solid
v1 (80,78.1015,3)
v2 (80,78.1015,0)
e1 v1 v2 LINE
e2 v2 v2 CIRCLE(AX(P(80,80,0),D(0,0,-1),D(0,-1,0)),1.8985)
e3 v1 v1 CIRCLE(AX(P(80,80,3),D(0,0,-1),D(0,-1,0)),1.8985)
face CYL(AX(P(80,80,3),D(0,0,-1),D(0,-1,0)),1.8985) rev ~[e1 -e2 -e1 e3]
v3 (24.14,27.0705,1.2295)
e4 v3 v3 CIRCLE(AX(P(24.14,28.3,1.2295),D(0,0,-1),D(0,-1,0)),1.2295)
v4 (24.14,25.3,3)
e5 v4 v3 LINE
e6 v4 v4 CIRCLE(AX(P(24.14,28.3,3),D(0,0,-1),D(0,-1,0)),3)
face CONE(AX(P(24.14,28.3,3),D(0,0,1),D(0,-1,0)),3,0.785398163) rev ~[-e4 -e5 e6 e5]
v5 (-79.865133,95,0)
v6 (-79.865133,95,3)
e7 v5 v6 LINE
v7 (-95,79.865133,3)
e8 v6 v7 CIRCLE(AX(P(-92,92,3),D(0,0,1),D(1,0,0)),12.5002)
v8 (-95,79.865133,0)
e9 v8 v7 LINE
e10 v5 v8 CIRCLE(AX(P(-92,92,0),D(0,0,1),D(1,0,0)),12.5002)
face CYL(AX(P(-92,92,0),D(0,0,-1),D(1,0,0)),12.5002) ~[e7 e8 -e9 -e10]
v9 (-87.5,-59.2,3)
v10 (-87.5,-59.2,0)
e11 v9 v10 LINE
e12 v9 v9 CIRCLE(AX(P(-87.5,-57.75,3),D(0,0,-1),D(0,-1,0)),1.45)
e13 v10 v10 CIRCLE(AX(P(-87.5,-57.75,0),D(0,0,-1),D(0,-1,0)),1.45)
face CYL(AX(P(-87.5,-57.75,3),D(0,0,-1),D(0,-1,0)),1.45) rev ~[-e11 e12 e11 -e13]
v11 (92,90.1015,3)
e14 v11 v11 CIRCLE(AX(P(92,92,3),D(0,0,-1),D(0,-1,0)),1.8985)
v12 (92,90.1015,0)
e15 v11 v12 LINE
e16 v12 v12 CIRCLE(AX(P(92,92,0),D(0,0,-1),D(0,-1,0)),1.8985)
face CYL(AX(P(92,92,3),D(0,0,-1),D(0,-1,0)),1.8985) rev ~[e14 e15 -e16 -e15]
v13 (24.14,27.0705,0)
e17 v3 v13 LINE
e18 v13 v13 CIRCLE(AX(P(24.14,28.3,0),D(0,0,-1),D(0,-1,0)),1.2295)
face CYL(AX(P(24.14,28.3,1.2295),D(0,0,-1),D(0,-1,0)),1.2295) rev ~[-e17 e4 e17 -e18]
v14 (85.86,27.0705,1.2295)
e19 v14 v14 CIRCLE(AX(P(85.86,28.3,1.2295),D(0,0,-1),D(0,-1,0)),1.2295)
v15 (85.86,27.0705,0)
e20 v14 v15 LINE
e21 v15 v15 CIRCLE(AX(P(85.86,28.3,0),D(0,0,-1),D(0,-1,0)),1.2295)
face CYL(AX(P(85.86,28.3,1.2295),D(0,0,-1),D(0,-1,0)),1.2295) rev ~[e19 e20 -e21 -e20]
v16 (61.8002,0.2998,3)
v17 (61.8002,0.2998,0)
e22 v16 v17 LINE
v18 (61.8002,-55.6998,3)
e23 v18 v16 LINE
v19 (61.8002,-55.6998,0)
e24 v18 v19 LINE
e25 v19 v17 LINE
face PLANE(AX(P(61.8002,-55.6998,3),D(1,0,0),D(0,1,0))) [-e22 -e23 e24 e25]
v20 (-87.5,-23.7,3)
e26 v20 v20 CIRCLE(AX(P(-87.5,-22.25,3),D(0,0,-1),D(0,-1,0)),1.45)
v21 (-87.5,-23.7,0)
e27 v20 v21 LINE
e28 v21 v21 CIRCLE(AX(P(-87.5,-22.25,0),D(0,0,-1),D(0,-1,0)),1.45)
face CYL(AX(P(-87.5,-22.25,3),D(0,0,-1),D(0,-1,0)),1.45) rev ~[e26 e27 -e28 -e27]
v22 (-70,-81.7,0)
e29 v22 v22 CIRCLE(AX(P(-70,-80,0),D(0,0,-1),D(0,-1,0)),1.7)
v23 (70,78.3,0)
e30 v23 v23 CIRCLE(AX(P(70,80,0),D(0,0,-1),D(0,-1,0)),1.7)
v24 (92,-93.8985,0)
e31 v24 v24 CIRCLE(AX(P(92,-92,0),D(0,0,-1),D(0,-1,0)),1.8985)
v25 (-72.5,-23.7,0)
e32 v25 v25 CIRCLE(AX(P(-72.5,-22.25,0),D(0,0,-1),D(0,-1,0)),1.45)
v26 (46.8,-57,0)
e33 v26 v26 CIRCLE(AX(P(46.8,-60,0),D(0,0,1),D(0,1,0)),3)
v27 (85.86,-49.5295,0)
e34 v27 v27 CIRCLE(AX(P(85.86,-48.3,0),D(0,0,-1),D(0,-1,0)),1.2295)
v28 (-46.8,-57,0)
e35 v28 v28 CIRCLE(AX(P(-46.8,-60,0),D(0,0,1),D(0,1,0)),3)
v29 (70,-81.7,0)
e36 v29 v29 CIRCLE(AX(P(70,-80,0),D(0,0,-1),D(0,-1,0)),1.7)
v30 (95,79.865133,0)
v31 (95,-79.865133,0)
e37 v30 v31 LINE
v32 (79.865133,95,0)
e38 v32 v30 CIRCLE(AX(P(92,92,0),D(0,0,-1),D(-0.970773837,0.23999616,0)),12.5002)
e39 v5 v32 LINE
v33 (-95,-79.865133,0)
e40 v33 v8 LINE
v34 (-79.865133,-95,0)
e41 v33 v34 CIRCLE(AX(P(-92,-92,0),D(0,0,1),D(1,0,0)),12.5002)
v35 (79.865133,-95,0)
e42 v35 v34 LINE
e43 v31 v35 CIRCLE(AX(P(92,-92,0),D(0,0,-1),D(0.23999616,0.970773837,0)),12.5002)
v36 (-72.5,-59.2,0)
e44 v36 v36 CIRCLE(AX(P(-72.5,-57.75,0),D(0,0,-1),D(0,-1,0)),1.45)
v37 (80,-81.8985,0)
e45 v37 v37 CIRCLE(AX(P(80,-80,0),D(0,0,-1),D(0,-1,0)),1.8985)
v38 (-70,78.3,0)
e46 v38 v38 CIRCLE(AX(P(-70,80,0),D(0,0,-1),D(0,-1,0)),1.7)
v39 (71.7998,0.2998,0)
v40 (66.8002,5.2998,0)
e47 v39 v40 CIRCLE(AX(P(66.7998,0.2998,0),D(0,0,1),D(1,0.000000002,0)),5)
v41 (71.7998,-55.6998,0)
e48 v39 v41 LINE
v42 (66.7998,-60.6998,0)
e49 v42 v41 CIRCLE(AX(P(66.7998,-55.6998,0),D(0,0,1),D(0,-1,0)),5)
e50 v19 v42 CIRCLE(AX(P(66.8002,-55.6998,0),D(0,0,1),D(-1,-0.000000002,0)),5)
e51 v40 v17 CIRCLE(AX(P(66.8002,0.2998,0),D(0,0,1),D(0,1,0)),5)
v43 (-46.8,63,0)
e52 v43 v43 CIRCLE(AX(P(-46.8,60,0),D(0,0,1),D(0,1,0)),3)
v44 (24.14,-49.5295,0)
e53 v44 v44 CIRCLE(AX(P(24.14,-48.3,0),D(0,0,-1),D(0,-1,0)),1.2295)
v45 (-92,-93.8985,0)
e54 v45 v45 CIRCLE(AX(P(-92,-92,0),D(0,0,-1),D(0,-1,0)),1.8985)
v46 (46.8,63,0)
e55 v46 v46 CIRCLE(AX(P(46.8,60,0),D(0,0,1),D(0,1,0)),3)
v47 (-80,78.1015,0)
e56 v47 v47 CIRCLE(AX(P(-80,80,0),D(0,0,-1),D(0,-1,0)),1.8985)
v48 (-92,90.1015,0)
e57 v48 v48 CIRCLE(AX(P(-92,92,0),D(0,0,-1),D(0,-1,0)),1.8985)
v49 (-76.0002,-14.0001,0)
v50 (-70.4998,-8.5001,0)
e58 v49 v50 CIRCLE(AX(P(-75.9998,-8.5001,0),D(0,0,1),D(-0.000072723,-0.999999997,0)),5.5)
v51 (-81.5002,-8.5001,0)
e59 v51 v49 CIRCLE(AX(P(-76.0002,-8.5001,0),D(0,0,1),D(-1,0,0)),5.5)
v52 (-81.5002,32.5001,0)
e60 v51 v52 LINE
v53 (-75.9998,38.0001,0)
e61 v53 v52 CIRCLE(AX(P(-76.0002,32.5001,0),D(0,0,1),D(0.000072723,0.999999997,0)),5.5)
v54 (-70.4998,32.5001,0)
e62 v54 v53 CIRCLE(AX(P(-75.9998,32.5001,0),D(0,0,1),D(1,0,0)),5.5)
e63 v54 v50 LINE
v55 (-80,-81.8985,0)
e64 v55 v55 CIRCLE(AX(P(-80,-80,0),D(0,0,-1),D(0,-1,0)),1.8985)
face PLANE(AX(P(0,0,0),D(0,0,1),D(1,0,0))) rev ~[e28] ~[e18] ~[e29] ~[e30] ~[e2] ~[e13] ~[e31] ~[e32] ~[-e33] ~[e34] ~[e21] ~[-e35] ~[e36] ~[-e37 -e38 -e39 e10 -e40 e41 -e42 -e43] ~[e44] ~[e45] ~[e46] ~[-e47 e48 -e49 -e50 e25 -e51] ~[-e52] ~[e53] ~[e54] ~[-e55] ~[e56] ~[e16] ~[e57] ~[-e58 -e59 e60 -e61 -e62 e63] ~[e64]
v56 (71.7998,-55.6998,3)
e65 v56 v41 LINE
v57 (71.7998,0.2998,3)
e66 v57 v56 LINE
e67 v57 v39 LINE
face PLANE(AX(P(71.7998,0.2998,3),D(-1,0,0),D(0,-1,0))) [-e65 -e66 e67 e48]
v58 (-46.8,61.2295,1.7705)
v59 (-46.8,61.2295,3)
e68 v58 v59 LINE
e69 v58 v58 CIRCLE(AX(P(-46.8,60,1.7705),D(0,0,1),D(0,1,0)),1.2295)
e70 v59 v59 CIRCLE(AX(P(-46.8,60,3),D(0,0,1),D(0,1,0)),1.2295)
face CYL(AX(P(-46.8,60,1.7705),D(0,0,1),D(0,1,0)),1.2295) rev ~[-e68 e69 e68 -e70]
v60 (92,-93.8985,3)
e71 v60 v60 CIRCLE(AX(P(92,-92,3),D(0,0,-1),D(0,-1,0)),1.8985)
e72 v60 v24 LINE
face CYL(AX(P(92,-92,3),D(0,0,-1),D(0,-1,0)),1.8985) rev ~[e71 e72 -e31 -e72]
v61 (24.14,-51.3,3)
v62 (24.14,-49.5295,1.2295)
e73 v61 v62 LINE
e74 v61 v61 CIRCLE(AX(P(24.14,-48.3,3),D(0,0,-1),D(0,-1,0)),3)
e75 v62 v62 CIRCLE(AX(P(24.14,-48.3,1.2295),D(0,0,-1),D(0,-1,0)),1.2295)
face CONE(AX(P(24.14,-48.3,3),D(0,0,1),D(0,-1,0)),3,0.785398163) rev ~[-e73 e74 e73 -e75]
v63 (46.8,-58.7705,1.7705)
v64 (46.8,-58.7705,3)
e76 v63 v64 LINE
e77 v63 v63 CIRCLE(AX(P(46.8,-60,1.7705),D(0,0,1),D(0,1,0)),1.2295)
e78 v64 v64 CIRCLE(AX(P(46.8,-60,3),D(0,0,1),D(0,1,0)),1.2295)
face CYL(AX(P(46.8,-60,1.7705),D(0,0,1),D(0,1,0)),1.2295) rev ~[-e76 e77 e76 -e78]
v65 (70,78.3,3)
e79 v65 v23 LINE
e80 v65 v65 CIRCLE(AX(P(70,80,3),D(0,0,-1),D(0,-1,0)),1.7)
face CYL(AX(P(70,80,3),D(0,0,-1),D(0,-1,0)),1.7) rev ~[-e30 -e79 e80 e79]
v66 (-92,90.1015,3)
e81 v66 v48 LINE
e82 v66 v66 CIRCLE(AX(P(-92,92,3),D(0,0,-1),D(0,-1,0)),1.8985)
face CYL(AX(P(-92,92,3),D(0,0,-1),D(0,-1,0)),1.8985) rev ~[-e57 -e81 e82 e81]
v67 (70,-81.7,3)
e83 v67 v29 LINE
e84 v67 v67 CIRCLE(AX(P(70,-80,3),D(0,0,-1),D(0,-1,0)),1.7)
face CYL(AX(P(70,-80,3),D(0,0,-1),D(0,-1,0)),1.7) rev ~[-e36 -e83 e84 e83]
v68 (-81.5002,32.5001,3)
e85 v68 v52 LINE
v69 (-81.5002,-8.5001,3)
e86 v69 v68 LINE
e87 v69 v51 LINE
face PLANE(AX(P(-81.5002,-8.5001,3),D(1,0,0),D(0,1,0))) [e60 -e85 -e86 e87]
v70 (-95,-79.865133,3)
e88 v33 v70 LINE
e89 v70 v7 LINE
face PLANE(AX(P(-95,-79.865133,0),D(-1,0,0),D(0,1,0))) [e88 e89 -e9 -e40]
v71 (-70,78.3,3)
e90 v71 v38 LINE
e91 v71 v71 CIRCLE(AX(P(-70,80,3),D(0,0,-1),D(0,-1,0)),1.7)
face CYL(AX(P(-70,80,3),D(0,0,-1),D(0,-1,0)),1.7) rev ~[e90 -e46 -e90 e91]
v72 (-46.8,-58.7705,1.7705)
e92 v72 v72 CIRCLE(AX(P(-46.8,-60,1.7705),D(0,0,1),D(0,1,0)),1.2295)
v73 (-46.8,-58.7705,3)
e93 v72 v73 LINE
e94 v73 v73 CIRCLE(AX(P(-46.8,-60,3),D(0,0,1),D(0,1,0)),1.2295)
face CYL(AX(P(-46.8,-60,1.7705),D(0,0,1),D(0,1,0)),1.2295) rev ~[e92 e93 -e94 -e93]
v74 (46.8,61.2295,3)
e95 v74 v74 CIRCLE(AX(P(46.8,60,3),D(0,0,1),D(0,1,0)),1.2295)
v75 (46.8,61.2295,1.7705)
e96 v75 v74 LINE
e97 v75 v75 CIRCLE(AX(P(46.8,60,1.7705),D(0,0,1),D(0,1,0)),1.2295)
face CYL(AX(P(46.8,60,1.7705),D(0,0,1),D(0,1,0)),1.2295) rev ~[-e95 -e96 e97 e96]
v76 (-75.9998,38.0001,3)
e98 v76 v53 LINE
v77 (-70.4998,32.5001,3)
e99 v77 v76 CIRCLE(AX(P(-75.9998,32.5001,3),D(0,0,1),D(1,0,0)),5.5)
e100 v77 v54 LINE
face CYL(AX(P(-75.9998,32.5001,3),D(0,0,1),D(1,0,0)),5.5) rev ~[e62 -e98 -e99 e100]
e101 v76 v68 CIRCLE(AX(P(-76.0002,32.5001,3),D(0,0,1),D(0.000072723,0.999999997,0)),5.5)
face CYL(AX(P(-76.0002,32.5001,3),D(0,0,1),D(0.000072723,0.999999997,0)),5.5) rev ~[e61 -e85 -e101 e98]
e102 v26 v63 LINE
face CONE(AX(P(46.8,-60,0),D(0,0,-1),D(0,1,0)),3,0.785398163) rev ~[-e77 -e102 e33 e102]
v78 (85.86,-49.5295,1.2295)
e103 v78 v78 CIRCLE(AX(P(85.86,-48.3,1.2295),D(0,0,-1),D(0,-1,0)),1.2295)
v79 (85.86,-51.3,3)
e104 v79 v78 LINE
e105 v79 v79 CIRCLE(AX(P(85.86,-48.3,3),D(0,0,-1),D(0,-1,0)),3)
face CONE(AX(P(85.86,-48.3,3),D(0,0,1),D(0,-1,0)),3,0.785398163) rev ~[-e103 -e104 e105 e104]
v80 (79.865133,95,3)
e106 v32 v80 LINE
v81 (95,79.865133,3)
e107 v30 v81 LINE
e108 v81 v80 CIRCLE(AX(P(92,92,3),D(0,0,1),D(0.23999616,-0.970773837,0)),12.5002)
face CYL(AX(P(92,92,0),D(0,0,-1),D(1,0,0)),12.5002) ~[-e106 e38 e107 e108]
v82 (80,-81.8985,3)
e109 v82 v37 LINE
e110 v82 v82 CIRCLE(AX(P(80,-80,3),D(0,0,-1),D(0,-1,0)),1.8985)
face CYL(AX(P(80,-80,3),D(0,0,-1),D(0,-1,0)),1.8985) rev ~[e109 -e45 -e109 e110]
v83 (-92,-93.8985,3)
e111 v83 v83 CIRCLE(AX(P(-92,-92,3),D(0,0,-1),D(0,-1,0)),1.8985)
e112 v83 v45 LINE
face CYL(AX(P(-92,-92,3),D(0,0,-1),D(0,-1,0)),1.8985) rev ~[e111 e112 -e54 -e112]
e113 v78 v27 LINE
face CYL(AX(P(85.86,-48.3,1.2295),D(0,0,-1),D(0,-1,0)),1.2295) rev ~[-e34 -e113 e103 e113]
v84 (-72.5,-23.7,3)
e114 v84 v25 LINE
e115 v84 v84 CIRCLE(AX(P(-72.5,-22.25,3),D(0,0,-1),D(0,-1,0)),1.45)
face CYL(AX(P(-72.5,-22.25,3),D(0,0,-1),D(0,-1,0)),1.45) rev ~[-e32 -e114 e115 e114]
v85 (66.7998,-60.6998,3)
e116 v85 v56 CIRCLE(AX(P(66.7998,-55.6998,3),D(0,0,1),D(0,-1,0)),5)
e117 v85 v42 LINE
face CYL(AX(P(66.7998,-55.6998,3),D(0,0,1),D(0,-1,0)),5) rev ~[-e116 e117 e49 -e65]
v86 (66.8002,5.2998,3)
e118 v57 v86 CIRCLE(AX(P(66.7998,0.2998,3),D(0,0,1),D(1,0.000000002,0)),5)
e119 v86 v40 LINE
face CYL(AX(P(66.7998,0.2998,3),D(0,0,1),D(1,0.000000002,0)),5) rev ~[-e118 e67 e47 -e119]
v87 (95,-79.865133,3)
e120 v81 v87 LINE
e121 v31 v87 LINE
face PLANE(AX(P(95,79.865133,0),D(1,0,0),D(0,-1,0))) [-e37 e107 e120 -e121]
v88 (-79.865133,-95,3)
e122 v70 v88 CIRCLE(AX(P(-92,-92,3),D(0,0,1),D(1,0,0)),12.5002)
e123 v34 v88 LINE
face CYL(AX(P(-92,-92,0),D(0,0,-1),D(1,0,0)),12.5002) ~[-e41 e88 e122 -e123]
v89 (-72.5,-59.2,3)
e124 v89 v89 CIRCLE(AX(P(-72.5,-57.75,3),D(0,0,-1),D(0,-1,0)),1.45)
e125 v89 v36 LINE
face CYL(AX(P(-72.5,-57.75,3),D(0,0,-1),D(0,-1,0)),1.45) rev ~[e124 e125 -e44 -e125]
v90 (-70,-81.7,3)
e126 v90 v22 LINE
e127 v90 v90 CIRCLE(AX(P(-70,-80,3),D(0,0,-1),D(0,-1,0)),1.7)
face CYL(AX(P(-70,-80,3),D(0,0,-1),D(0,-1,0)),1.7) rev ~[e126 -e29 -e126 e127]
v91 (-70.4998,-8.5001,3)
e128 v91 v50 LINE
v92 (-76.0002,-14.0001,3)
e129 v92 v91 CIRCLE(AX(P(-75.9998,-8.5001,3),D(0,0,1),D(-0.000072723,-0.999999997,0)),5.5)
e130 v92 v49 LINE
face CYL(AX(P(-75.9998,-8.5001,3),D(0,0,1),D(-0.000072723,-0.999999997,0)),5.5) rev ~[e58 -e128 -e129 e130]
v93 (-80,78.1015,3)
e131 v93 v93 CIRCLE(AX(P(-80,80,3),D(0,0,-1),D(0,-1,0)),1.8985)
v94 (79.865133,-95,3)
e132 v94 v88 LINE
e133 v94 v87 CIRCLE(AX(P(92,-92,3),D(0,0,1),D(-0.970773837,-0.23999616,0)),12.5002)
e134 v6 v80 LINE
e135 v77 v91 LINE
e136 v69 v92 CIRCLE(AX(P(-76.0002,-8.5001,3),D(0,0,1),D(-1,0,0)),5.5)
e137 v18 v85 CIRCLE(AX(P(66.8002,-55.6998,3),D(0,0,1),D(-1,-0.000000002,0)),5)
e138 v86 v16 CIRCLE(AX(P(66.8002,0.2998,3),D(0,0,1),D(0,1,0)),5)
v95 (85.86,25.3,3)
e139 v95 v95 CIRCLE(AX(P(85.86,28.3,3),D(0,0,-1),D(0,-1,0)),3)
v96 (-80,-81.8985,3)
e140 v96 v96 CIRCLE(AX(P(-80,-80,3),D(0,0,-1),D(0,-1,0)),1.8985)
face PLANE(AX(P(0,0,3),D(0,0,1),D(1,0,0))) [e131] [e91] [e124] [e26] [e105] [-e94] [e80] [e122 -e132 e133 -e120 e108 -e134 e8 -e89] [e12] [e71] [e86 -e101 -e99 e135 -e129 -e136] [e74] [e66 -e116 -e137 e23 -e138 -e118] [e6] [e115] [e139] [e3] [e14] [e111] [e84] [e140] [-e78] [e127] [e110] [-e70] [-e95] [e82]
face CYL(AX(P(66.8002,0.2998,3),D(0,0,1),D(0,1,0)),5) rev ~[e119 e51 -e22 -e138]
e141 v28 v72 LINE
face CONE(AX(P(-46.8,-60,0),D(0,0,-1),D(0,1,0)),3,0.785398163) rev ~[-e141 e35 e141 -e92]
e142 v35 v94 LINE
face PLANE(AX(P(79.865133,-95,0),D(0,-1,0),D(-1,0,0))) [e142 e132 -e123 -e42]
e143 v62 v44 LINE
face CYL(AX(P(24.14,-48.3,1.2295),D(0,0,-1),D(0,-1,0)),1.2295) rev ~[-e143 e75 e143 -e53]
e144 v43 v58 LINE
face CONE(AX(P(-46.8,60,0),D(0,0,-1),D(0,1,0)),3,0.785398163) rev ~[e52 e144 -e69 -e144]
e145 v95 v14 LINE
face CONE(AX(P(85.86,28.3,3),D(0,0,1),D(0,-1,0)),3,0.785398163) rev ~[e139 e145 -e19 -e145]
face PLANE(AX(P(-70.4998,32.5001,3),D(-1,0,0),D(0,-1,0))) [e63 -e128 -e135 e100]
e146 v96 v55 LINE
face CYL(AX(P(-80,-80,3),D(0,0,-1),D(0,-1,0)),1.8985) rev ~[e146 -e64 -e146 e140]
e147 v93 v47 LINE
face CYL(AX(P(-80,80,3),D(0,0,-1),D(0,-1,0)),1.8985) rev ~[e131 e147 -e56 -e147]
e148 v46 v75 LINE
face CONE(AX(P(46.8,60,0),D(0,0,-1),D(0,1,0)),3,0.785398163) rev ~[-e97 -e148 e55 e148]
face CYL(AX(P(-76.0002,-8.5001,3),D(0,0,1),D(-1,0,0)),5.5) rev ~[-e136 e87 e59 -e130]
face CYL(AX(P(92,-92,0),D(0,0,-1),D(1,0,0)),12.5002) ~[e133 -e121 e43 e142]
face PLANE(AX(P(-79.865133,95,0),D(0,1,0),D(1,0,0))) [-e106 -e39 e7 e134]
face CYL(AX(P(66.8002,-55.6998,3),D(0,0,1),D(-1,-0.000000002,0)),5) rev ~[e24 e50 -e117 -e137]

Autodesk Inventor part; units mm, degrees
ref_plane "YZ Plane" through (0, 0, 0) normal (1, 0, 0) x (0, 1, 0)
ref_plane "XZ Plane" through (0, 0, 0) normal (0, 1, 0) x (-1, 0, 0)
ref_plane "XY Plane" through (0, 0, 0) normal (0, 0, 1) x (1, 0, 0)
sketch "Board outline" plane through (0, 0, 0) normal (0, 0, 1) x (1, 0, 0)
  line L0 (-95, 95) -> (95, 95)
  line L1 (95, 95) -> (95, -95)
  line L2 (95, -95) -> (-95, -95)
  line L3 (-95, -95) -> (-95, 95)
  circle A0 centre (92, 92) radius 12.5002
  circle A1 centre (-92, 92) radius 12.5002
  circle A2 centre (92, -92) radius 12.5002
  circle A3 centre (-92, -92) radius 12.5002
  point P0 (-79.8652, -95)
  point P1 (79.8652, -95)
  point P2 (95, -79.8651)
  point P3 (95, 79.8651)
  point P4 (79.8652, 95)
  point P5 (-79.8652, 95)
  point P6 (-95, 79.8651)
  point P7 (-95, -79.8651)
extrude "Extrusion1" add sketch "Board outline" along normal blind 3
sketch "Level 2-3 #6 standoff holes" plane through (0, 0, 3) normal (0, 0, 1) x (1, 0, 0)
  circle A0 centre (92, 92) radius 1.8984
  circle A1 centre (-92, -92) radius 1.8984
  circle A2 centre (-92, 92) radius 1.8984
  circle A3 centre (92, -92) radius 1.8984
sketch "B210 countersink holes" plane through (0, 0, 0) normal (0, 0, 1) x (1, 0, 0)
  circle A0 centre (46.8, 60) radius 1.4998
  circle A1 centre (-46.8, 60) radius 1.4998
  circle A2 centre (46.8, -60) radius 1.4998
  circle A3 centre (-46.8, -60) radius 1.4998
sketch "OpenUPS mount holes" plane through (0, 0, 3) normal (0, 0, 1) x (1, 0, 0)
  circle A0 centre (85.86, 28.3) radius 1.5002
  circle A1 centre (85.86, -48.3) radius 1.5002
  circle A2 centre (24.14, 28.3) radius 1.5002
  circle A3 centre (24.14, -48.3) radius 1.5002
hole "Hole2" at (46.8, 60, 0) at (-46.8, 60, 0) at (-46.8, -60, 0) at (46.8, -60, 0) direction (0, 0, 1) diameter 2.459 end through all countersink diameter 6 countersink angle 90 thread size "M3x0.5" class "6H" standard "ISO Metric profile"
hole "Hole3" at (24.14, 28.3, 3) at (85.86, 28.3, 3) at (85.86, -48.3, 3) at (24.14, -48.3, 3) direction (0, 0, -1) diameter 2.459 end through all countersink diameter 6 countersink angle 90 thread size "M3x0.5" class "6H" standard "ISO Metric profile"
sketch "Level 1-2 #6 standoff holes" plane through (0, 0, 3) normal (0, 0, 1) x (1, 0, 0)
  circle A0 centre (80, 80) radius 1.8983
  circle A1 centre (-80, 80) radius 1.8983
  circle A2 centre (80, -80) radius 1.8983
  circle A3 centre (-80, -80) radius 1.8983
sketch "Level 1 M3 standoff holes" plane through (0, 0, 3) normal (0, 0, 1) x (1, 0, 0)
  circle A0 centre (70, 80) radius 1.4998
  circle A1 centre (-70, 80) radius 1.4998
  circle A2 centre (-70, -80) radius 1.4998
  circle A3 centre (70, -80) radius 1.4998
hole "Hole4" at (-70, 80, 3) at (70, 80, 3) at (70, -80, 3) at (-70, -80, 3) direction (0, 0, -1) diameter 3.4 end through all clearance for "Flat Head Machine Screw" size "M3" standard "Ansi Metric M Profile"
hole "Hole5" at (-80, 80, 3) at (80, 80, 3) at (80, -80, 3) at (-80, -80, 3) direction (0, 0, -1) diameter 3.797 end through all clearance for "Flat Head Machine Screw (82)" size "#6" standard "Ansi Unified Screw Threads"
hole "Hole6" at (-92, -92, 3) at (92, -92, 3) at (92, 92, 3) at (-92, 92, 3) direction (0, 0, -1) diameter 3.797 end through all clearance for "Flat Head Machine Screw (82)" size "#6" standard "Ansi Unified Screw Threads"
sketch "Cable cutouts" plane through (0, 0, 3) normal (0, 0, 1) x (1, 0, 0)
  line L0 (-76.0002, 58.0001) -> (-75.9998, 58.0001)
  line L1 (-75.9998, 5.9999) -> (-76.0002, 5.9999)
  arc A0 (-81.5002, -8.5001) -> (-76.0002, -14.0001) centre (-76.0002, -8.5001) ccw
  arc A1 (-70.4998, 32.5001) -> (-75.9998, 38.0001) centre (-75.9998, 32.5001) ccw
  arc A2 (-76.0002, 38.0001) -> (-81.5002, 32.5001) centre (-76.0002, 32.5001) ccw
  line L2 (-81.5002, -8.5001) -> (-81.5002, 32.5001)
  line L3 (-75.9998, -14.0001) -> (-76.0002, -14.0001)
  line L4 (-70.4998, 32.5001) -> (-70.4998, -8.5001)
  line L5 (-76.0002, 38.0001) -> (-75.9998, 38.0001)
  arc A3 (-75.9998, -14.0001) -> (-70.4998, -8.5001) centre (-75.9998, -8.5001) ccw
  line L6 (66.8002, 5.2998) -> (66.7998, 5.2998)
  line L7 (71.7998, 0.2998) -> (71.7998, -55.6998)
  line L8 (66.7998, -60.6998) -> (66.8002, -60.6998)
  line L9 (61.8002, -55.6998) -> (61.8002, 0.2998)
  arc A4 (66.8002, 5.2998) -> (61.8002, 0.2998) centre (66.8002, 0.2998) ccw
  arc A5 (71.7998, 0.2998) -> (66.7998, 5.2998) centre (66.7998, 0.2998) ccw
  arc A6 (61.8002, -55.6998) -> (66.8002, -60.6998) centre (66.8002, -55.6998) ccw
  arc A7 (66.7998, -60.6998) -> (71.7998, -55.6998) centre (66.7998, -55.6998) ccw
  point P0 (66.8, -27.7)
  point P1 (66.8, 5.2998)
  dimension "d58" = 5.5
  dimension "d60" = 5
extrude "Extrusion2" cut sketch "Cable cutouts" against normal blind 3
sketch "5v Pololu regulator mount holes" plane through (0, 0, 3) normal (0, 0, 1) x (1, 0, 0)
  circle A0 centre (-72.5, -22.25) radius 1.2501
  circle A1 centre (-87.5, -22.25) radius 1.2501
  circle A2 centre (-72.5, -57.75) radius 1.2501
  circle A3 centre (-87.5, -57.75) radius 1.2501
hole "Hole7" at (-87.5, -22.25, 3) at (-72.5, -22.25, 3) at (-72.5, -57.75, 3) at (-87.5, -57.75, 3) direction (0, 0, -1) diameter 2.9 end through all clearance for "Flat Head Machine Screw" size "M2.5" standard "Ansi Metric M Profile"
properties part number "payload_bay_b210_inventor" material "ABS Plastic"
